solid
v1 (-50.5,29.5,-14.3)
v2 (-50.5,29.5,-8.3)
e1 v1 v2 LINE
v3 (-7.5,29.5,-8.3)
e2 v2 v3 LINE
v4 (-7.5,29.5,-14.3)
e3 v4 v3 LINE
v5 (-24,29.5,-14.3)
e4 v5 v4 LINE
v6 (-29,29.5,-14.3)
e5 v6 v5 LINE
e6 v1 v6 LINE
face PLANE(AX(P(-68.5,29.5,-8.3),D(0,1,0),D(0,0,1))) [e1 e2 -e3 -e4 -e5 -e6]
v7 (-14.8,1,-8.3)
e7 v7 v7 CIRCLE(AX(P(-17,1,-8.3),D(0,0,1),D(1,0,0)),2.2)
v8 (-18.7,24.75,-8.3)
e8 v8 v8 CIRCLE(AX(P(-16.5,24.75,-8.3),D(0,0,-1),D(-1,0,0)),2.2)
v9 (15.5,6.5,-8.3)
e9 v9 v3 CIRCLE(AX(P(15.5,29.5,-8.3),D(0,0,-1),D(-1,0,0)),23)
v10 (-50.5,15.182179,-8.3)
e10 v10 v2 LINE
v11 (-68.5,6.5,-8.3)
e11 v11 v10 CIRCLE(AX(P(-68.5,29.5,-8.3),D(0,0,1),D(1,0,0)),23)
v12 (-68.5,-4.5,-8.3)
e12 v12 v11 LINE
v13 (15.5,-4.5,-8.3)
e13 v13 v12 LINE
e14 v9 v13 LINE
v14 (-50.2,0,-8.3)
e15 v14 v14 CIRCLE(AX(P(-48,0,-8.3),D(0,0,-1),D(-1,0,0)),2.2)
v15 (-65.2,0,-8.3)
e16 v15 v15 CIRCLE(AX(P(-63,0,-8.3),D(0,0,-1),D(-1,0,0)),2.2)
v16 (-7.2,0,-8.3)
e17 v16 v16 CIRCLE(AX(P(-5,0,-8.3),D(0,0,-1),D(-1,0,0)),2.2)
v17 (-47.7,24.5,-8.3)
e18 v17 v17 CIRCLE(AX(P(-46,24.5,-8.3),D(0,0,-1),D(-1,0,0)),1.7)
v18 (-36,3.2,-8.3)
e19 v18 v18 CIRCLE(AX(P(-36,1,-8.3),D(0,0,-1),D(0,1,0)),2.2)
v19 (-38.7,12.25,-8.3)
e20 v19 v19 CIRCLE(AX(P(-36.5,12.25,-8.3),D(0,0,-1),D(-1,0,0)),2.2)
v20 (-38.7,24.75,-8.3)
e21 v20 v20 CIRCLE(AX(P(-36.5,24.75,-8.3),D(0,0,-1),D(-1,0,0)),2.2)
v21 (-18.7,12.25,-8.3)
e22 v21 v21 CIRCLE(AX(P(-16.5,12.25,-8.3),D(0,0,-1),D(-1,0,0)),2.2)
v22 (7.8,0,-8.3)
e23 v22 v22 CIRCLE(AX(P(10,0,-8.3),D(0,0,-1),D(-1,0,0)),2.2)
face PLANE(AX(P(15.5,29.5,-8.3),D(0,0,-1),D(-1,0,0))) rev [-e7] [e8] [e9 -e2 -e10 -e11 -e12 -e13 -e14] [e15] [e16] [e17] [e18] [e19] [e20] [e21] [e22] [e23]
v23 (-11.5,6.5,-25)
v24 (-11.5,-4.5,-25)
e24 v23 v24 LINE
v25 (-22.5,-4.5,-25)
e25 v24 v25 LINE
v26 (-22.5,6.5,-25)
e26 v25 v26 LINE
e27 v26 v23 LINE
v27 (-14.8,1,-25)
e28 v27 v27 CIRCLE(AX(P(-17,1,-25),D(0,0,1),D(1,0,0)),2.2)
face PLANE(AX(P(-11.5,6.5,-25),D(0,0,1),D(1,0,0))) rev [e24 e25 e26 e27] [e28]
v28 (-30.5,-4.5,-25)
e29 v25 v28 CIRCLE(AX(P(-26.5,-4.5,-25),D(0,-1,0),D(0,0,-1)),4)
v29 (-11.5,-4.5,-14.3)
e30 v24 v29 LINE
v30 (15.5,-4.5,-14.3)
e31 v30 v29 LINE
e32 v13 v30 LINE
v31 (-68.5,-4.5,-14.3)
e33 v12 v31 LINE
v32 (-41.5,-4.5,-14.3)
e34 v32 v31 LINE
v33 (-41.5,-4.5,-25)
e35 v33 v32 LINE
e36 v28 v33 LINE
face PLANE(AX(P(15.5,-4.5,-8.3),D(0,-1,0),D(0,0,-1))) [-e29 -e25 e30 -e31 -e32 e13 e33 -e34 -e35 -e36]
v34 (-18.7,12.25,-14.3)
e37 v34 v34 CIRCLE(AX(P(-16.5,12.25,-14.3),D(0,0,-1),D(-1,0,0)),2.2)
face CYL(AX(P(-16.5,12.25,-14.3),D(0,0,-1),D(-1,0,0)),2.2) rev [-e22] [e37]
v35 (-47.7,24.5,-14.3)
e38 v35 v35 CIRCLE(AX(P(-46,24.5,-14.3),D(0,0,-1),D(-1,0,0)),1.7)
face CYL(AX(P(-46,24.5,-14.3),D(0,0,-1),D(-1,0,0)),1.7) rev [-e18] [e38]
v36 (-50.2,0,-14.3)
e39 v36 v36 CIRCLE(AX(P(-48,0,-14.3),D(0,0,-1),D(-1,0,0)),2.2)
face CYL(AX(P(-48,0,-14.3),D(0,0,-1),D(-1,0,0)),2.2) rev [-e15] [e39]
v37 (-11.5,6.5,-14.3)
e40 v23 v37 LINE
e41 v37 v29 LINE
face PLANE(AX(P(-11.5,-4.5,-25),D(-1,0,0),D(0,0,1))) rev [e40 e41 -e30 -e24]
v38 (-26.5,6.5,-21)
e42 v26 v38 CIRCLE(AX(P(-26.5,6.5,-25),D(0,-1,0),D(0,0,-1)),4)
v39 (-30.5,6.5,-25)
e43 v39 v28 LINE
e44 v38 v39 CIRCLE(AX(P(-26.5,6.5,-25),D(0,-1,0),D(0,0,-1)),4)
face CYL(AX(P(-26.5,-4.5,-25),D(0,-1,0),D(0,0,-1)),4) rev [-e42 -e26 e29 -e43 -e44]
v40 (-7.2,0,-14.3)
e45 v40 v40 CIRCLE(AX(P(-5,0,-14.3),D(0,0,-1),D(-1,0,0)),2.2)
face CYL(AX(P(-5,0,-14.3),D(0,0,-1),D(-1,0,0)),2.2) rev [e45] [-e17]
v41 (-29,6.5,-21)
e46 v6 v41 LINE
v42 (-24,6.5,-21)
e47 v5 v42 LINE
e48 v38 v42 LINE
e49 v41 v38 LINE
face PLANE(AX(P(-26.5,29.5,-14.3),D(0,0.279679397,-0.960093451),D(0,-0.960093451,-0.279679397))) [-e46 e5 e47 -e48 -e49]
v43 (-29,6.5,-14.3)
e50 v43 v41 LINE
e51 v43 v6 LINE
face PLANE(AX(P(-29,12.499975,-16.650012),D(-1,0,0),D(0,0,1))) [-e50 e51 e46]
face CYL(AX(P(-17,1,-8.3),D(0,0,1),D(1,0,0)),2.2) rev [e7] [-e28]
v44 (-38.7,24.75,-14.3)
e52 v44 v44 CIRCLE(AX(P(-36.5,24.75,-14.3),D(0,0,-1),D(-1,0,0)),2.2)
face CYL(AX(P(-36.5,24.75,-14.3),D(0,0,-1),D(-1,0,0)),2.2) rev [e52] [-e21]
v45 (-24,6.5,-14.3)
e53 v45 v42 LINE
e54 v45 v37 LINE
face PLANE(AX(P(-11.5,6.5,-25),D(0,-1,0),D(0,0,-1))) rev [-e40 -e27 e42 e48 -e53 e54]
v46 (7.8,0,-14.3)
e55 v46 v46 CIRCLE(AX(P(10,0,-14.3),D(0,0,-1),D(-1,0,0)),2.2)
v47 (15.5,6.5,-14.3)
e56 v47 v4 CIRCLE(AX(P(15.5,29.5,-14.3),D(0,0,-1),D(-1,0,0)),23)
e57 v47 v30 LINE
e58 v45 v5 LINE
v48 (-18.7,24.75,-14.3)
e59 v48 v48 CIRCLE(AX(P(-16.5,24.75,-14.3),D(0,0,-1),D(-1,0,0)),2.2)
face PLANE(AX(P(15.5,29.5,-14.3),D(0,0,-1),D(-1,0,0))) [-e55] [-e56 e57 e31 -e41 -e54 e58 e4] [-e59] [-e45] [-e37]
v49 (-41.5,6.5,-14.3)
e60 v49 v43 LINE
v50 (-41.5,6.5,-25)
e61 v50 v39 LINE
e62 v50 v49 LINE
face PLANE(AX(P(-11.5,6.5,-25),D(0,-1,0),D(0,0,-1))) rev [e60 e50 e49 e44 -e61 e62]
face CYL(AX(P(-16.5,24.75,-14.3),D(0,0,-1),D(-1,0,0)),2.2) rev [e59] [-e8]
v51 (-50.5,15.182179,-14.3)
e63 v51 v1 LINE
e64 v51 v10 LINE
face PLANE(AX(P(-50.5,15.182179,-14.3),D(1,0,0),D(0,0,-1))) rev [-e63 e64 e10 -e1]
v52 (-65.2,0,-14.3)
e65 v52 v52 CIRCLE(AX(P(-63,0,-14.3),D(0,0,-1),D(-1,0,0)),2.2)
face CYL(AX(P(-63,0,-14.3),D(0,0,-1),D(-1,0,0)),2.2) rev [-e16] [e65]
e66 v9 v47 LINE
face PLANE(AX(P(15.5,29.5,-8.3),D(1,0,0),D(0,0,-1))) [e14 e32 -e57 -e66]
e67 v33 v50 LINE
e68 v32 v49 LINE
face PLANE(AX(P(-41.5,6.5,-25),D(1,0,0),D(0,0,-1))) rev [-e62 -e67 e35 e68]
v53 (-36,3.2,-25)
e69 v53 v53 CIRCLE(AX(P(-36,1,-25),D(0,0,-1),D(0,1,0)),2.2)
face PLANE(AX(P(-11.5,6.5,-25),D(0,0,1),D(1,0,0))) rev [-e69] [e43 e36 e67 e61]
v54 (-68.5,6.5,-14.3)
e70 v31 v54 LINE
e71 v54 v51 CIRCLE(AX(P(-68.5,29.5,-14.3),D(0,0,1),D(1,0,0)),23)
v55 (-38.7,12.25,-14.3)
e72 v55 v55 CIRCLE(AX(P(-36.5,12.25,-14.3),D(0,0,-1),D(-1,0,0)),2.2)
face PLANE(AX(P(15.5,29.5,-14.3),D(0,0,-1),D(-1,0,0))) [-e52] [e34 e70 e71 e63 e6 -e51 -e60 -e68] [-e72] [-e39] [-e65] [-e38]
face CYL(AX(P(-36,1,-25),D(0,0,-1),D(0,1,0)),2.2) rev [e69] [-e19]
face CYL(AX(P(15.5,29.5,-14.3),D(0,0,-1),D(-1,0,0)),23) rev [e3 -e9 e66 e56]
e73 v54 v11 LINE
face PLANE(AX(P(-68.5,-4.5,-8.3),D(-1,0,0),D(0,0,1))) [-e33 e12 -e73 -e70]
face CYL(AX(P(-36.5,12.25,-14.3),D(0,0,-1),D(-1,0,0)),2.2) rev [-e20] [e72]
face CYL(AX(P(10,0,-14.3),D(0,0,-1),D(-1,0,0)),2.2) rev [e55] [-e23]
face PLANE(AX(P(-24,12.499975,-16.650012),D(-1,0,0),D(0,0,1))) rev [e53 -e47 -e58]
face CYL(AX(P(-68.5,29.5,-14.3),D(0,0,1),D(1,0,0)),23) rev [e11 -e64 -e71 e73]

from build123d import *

# Parameters (mm, degrees)
SKETCH1_W           = 84
SKETCH1_H           = 34
BOSS_EXTRUDE1_DEPTH = 6
CUT_EXTRUDE1_DEPTH  = 75.823124768
SKETCH3_W           = 30
SKETCH3_H           = 11
BOSS_EXTRUDE2_DEPTH = 10.7
HOLE1_D             = 3.4
HOLE2_D             = 46
HOLE3_D             = 4.4
HOLE4_D             = 4.4
HOLE5_D             = 4.4
HOLE6_D             = 4.4
HOLE7_D             = 4.4
HOLE8_D             = 4.4
HOLE9_D             = 4.4
HOLE10_D            = 4.4
HOLE11_D            = 4.4
HOLE12_D            = 4.4
HOLE13_D            = 8
HOLE13_DEPTH        = 34
RIB1_REACH          = 59.09
SKETCH30_WALL_W     = 140.135684292
SKETCH30_WALL_H     = 5


with BuildPart() as part:
    # Sketch1 → Boss-Extrude1 (new body)
    with BuildSketch(Plane(origin=(0, 0, -14.3), x_dir=(-1, 0, 0), z_dir=(0, 0, -1))):
        with Locations((26.5, 12.5)):
            Rectangle(SKETCH1_W, SKETCH1_H)
    extrude(amount=-BOSS_EXTRUDE1_DEPTH)

    # Sketch2 → Cut-Extrude1 (cut, through all)
    with BuildSketch(Plane.XY.offset(-8.3)):
        with BuildLine():
            Line((-68.5, 29.5), (-68.5, 6.5))
            ThreePointArc((-68.5, 6.5), (-58.507750115, 8.78394482), (-50.5, 15.182178937))
            Line((-50.5, 15.182178937), (-50.5, 29.5))
            Line((-50.5, 29.5), (-68.5, 29.5))
        make_face()
    extrude(amount=-CUT_EXTRUDE1_DEPTH, mode=Mode.SUBTRACT)

    # Sketch3 → Boss-Extrude2 (add)
    with BuildSketch(Plane(origin=(0, 0, -14.3), x_dir=(-1, 0, 0), z_dir=(0, 0, -1))):
        with Locations((26.5, 1)):
            Rectangle(SKETCH3_W, SKETCH3_H)
    extrude(amount=BOSS_EXTRUDE2_DEPTH)

    # Hole1 (through all)
    with Locations(Plane(origin=(0, 0, -14.3), x_dir=(-1, 0, 0), z_dir=(0, 0, -1))):
        with Locations((46, 24.5)):
            Hole(HOLE1_D / 2)

    # Hole2 (through all)
    with Locations(Plane(origin=(0, 0, -14.3), x_dir=(-1, 0, 0), z_dir=(0, 0, -1))):
        with Locations((-15.5, 29.5)):
            Hole(HOLE2_D / 2)

    # Hole3 (through all)
    with Locations(Plane(origin=(0, 0, -14.3), x_dir=(-1, 0, 0), z_dir=(0, 0, -1))):
        with Locations((16.5, 12.25)):
            Hole(HOLE3_D / 2)

    # Hole4 (through all)
    with Locations(Plane(origin=(0, 0, -14.3), x_dir=(-1, 0, 0), z_dir=(0, 0, -1))):
        with Locations((36.5, 12.25)):
            Hole(HOLE4_D / 2)

    # Hole5 (through all)
    with Locations(Plane(origin=(0, 0, -14.3), x_dir=(-1, 0, 0), z_dir=(0, 0, -1))):
        with Locations((36.5, 24.75)):
            Hole(HOLE5_D / 2)

    # Hole6 (through all)
    with Locations(Plane(origin=(0, 0, -14.3), x_dir=(-1, 0, 0), z_dir=(0, 0, -1))):
        with Locations((16.5, 24.75)):
            Hole(HOLE6_D / 2)

    # Hole7 (through all)
    with Locations(Plane(origin=(0, 0, -25), x_dir=(-1, 0, 0), z_dir=(0, 0, -1))):
        with Locations((36, 1)):
            Hole(HOLE7_D / 2)

    # Hole8 (through all)
    with Locations(Plane(origin=(0, 0, -14.3), x_dir=(-1, 0, 0), z_dir=(0, 0, -1))):
        with Locations((48, 0)):
            Hole(HOLE8_D / 2)

    # Hole9 (through all)
    with Locations(Plane(origin=(0, 0, -14.3), x_dir=(-1, 0, 0), z_dir=(0, 0, -1))):
        with Locations((63, 0)):
            Hole(HOLE9_D / 2)

    # Hole10 (through all)
    with Locations(Plane.XY.offset(-8.3)):
        with Locations((-17, 1)):
            Hole(HOLE10_D / 2)

    # Hole11 (through all)
    with Locations(Plane(origin=(0, 0, -14.3), x_dir=(-1, 0, 0), z_dir=(0, 0, -1))):
        with Locations((5, 0)):
            Hole(HOLE11_D / 2)

    # Hole12 (through all)
    with Locations(Plane(origin=(0, 0, -14.3), x_dir=(-1, 0, 0), z_dir=(0, 0, -1))):
        with Locations((-10, 0)):
            Hole(HOLE12_D / 2)

    # Hole13
    with Locations(Plane.XZ.offset(4.5)):
        with Locations((-26.5, -25)):
            Hole(HOLE13_D / 2, depth=HOLE13_DEPTH)

    # Sketch30 wall → Rib1 (add, up to next)
    with BuildSketch(Plane(origin=(-26.5, 18, -17.65), x_dir=(0, -0.960093451224, -0.279679396661), z_dir=(0, -0.279679396661, 0.960093451224)), mode=Mode.PRIVATE) as rib1_sk1:
        Rectangle(SKETCH30_WALL_W, SKETCH30_WALL_H)
    rib1_tool1 = extrude(rib1_sk1.sketch, amount=RIB1_REACH, mode=Mode.PRIVATE) - part.part
    add(rib1_tool1.solids().sort_by_distance((-26.5, 18, -17.65))[0])


solid = part.part
